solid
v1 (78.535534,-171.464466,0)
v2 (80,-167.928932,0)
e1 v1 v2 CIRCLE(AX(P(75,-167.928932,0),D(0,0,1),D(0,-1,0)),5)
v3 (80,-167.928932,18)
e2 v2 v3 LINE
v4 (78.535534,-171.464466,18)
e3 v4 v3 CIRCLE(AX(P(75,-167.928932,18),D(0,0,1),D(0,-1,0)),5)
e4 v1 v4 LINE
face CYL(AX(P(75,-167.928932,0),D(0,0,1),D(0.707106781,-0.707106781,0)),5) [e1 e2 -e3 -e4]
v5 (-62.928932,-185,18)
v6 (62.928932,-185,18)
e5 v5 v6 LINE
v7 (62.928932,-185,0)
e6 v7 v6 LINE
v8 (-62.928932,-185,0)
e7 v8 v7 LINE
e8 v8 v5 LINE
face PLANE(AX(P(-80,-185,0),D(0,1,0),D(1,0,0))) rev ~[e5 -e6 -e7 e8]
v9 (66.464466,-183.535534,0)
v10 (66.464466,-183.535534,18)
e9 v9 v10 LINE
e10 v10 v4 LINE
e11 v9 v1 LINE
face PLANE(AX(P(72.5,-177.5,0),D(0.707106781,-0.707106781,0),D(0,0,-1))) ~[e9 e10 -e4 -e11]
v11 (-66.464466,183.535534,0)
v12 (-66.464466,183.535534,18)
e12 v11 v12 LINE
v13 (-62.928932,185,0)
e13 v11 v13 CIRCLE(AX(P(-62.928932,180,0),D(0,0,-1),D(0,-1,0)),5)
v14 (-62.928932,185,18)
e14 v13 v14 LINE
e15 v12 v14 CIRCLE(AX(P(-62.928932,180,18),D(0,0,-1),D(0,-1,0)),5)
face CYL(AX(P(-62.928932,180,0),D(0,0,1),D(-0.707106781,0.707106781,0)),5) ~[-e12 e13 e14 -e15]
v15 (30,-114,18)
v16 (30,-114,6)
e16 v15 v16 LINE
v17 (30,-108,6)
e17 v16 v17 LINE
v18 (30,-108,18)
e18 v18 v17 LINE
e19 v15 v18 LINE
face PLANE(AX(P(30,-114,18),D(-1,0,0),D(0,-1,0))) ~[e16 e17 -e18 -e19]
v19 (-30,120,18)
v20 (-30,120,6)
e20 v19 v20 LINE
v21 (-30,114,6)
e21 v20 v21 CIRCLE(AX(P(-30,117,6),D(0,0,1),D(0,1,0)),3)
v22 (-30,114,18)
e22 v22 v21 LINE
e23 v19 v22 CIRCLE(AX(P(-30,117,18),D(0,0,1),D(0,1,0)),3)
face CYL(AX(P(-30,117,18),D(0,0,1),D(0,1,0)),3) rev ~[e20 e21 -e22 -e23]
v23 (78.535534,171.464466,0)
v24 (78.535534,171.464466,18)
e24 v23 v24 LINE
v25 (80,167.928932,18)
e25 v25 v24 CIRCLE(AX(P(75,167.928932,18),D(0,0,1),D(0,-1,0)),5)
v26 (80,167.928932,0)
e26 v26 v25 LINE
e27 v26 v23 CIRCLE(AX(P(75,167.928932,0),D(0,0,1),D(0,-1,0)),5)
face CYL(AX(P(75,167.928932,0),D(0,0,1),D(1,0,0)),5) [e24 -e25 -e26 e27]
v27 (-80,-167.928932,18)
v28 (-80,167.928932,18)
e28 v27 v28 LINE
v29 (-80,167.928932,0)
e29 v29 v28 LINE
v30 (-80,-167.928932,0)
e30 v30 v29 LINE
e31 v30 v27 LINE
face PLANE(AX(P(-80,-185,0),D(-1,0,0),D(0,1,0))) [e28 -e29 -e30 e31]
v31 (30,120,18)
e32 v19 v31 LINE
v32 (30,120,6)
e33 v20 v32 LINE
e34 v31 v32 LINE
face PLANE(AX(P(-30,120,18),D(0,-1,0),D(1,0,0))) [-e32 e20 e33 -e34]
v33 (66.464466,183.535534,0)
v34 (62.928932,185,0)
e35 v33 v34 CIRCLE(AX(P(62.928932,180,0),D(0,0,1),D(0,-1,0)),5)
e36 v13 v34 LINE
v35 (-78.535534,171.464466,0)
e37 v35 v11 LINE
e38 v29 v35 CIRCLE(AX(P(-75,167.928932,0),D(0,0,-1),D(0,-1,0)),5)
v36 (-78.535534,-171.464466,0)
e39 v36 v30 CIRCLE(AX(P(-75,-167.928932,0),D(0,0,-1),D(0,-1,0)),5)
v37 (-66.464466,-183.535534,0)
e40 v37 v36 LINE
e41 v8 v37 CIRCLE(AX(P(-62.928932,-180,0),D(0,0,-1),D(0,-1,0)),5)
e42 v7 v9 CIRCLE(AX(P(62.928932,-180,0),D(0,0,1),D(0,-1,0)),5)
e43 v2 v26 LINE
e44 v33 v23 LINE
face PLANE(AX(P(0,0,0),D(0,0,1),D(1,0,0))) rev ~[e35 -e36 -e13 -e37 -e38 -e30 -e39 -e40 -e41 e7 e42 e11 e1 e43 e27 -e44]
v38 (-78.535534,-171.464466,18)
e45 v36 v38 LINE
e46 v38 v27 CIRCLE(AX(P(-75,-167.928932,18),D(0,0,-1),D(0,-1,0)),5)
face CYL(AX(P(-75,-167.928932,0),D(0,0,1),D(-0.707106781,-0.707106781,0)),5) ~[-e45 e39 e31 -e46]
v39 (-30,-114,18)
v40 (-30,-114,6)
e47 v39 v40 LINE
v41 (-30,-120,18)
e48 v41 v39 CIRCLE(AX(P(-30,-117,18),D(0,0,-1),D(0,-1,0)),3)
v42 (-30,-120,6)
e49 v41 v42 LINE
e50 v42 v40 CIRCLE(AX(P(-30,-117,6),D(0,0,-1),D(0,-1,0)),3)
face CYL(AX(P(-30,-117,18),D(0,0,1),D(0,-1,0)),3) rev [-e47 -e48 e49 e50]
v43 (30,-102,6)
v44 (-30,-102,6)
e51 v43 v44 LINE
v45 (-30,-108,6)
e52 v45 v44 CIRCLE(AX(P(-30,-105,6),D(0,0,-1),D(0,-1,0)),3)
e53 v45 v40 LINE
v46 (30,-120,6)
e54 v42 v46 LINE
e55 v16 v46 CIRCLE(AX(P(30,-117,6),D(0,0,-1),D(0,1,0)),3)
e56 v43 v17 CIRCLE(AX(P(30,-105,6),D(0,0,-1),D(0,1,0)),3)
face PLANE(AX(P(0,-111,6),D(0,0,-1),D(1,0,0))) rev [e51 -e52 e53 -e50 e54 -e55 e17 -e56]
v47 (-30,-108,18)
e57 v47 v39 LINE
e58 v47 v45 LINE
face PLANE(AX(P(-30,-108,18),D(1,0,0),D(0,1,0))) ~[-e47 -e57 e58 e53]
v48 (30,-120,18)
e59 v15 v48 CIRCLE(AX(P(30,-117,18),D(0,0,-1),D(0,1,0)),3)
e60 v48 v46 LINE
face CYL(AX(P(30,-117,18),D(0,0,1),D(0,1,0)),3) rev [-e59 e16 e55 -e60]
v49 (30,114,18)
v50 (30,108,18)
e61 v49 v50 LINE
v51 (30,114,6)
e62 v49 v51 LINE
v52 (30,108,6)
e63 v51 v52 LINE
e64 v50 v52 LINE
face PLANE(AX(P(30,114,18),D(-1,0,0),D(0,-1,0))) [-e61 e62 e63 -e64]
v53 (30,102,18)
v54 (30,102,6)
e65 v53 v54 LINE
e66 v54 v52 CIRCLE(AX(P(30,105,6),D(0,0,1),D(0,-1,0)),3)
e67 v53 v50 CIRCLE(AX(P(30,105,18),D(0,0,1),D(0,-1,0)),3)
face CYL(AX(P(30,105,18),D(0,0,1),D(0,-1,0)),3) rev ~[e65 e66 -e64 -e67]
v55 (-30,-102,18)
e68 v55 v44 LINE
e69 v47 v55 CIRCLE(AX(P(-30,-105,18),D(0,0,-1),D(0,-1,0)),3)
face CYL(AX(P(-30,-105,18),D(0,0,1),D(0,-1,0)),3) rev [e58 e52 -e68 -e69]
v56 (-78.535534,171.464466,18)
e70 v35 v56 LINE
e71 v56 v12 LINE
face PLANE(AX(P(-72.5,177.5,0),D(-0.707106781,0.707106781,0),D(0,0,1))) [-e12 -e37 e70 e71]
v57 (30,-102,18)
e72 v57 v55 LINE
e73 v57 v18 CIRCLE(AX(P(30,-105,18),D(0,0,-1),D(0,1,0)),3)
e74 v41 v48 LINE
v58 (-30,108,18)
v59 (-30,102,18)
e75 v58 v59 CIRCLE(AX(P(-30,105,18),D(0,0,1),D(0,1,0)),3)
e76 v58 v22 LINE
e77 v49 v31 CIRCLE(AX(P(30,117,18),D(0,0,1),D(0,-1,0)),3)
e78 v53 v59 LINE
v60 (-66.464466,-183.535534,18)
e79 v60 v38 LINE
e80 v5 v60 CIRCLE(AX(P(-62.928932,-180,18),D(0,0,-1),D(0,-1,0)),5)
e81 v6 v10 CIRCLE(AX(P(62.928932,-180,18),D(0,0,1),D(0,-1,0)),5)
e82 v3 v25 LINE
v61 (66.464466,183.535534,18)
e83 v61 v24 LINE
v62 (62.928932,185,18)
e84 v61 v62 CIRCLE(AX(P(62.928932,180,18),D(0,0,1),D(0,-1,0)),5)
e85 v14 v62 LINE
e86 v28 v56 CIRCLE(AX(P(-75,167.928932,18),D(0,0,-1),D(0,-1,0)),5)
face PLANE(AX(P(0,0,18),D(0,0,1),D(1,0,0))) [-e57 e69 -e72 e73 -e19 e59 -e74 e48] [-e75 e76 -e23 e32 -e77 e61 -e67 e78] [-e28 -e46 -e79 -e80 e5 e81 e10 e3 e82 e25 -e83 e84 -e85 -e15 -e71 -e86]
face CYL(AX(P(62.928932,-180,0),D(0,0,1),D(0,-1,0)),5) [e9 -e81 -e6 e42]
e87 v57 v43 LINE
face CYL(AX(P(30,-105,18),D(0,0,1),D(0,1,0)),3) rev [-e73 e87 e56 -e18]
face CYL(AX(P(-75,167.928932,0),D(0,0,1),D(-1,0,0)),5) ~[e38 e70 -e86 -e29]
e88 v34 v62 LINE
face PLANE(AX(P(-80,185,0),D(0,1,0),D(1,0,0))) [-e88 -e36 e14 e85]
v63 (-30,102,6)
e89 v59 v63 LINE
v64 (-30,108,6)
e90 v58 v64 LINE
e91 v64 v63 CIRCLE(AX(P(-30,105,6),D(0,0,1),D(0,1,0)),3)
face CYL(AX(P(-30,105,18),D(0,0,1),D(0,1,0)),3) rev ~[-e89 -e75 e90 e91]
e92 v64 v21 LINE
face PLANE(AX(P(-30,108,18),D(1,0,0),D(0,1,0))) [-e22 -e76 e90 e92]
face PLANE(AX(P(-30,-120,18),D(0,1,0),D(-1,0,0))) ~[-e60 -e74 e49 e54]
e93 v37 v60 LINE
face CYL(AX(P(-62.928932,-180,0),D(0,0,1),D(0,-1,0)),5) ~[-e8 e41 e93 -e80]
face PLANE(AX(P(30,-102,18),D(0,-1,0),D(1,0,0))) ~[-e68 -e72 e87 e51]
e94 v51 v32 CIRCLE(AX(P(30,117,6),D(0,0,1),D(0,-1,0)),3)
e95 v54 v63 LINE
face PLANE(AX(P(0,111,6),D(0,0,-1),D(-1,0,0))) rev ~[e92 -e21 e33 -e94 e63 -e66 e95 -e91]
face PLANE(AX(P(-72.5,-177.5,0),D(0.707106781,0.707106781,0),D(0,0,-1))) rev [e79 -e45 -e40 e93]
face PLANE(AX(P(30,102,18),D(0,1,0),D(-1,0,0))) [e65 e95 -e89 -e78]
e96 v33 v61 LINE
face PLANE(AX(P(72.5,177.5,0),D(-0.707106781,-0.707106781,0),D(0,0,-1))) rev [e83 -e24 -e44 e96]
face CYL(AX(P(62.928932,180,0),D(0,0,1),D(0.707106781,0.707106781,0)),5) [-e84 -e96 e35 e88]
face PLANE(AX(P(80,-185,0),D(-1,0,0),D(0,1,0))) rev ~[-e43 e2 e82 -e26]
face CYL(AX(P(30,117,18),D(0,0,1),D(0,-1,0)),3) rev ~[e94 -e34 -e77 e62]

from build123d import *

# Parameters (mm, degrees)
SKETCH_W        = 160
SKETCH_H        = 370
PAD_DEPTH       = 18
POCKET_DEPTH    = 12
CHAMFER_SIZE    = 15
CHAMFER001_SIZE = 15
CHAMFER002_SIZE = 15
FILLET_R        = 5


with BuildPart() as part:
    # Sketch → Pad (new body)
    with BuildSketch(Plane.XY):
        Rectangle(SKETCH_W, SKETCH_H)
    extrude(amount=PAD_DEPTH)

    # Sketch001 → Pocket (cut)
    with BuildSketch(Plane.XY.offset(18)):
        with BuildLine():
            Line((-30, 120), (30, 120))
            ThreePointArc((30, 114), (33, 117), (30, 120))
            Line((30, 114), (30, 108))
            ThreePointArc((30, 102), (33, 105), (30, 108))
            Line((30, 102), (-30, 102))
            ThreePointArc((-30, 108), (-33, 105), (-30, 102))
            Line((-30, 108), (-30, 114))
            ThreePointArc((-30, 120), (-33, 117), (-30, 114))
        make_face()
    pocket = extrude(amount=-POCKET_DEPTH, mode=Mode.SUBTRACT)

    # Mirrored: Pocket across Sketch001 H_Axis
    add(pocket.mirror(Plane(origin=(0, 0, 18), x_dir=(0, 0, 1), z_dir=(0, 1, 0))), mode=Mode.SUBTRACT)

    # Chamfer
    chamfer_edges = [part.edges().sort_by_distance(p)[0] for p in [
        (-80, 185, 9),
    ]]
    chamfer(chamfer_edges, length=CHAMFER_SIZE)

    # Chamfer001
    chamfer001_edges = [part.edges().sort_by_distance(p)[0] for p in [
        (80, 185, 9),
        (80, -185, 9),
    ]]
    chamfer(chamfer001_edges, length=CHAMFER001_SIZE)

    # Chamfer002
    chamfer002_edges = [part.edges().sort_by_distance(p)[0] for p in [
        (-80, -185, 9),
    ]]
    chamfer(chamfer002_edges, length=CHAMFER002_SIZE)

    # Fillet
    fillet_edges = [part.edges().sort_by_distance(p)[0] for p in [
        (-80, -170, 9),
        (-65, -185, 9),
        (-80, 170, 9),
        (-65, 185, 9),
        (65, 185, 9),
        (80, 170, 9),
        (80, -170, 9),
        (65, -185, 9),
    ]]
    fillet(fillet_edges, radius=FILLET_R)


solid = part.part
